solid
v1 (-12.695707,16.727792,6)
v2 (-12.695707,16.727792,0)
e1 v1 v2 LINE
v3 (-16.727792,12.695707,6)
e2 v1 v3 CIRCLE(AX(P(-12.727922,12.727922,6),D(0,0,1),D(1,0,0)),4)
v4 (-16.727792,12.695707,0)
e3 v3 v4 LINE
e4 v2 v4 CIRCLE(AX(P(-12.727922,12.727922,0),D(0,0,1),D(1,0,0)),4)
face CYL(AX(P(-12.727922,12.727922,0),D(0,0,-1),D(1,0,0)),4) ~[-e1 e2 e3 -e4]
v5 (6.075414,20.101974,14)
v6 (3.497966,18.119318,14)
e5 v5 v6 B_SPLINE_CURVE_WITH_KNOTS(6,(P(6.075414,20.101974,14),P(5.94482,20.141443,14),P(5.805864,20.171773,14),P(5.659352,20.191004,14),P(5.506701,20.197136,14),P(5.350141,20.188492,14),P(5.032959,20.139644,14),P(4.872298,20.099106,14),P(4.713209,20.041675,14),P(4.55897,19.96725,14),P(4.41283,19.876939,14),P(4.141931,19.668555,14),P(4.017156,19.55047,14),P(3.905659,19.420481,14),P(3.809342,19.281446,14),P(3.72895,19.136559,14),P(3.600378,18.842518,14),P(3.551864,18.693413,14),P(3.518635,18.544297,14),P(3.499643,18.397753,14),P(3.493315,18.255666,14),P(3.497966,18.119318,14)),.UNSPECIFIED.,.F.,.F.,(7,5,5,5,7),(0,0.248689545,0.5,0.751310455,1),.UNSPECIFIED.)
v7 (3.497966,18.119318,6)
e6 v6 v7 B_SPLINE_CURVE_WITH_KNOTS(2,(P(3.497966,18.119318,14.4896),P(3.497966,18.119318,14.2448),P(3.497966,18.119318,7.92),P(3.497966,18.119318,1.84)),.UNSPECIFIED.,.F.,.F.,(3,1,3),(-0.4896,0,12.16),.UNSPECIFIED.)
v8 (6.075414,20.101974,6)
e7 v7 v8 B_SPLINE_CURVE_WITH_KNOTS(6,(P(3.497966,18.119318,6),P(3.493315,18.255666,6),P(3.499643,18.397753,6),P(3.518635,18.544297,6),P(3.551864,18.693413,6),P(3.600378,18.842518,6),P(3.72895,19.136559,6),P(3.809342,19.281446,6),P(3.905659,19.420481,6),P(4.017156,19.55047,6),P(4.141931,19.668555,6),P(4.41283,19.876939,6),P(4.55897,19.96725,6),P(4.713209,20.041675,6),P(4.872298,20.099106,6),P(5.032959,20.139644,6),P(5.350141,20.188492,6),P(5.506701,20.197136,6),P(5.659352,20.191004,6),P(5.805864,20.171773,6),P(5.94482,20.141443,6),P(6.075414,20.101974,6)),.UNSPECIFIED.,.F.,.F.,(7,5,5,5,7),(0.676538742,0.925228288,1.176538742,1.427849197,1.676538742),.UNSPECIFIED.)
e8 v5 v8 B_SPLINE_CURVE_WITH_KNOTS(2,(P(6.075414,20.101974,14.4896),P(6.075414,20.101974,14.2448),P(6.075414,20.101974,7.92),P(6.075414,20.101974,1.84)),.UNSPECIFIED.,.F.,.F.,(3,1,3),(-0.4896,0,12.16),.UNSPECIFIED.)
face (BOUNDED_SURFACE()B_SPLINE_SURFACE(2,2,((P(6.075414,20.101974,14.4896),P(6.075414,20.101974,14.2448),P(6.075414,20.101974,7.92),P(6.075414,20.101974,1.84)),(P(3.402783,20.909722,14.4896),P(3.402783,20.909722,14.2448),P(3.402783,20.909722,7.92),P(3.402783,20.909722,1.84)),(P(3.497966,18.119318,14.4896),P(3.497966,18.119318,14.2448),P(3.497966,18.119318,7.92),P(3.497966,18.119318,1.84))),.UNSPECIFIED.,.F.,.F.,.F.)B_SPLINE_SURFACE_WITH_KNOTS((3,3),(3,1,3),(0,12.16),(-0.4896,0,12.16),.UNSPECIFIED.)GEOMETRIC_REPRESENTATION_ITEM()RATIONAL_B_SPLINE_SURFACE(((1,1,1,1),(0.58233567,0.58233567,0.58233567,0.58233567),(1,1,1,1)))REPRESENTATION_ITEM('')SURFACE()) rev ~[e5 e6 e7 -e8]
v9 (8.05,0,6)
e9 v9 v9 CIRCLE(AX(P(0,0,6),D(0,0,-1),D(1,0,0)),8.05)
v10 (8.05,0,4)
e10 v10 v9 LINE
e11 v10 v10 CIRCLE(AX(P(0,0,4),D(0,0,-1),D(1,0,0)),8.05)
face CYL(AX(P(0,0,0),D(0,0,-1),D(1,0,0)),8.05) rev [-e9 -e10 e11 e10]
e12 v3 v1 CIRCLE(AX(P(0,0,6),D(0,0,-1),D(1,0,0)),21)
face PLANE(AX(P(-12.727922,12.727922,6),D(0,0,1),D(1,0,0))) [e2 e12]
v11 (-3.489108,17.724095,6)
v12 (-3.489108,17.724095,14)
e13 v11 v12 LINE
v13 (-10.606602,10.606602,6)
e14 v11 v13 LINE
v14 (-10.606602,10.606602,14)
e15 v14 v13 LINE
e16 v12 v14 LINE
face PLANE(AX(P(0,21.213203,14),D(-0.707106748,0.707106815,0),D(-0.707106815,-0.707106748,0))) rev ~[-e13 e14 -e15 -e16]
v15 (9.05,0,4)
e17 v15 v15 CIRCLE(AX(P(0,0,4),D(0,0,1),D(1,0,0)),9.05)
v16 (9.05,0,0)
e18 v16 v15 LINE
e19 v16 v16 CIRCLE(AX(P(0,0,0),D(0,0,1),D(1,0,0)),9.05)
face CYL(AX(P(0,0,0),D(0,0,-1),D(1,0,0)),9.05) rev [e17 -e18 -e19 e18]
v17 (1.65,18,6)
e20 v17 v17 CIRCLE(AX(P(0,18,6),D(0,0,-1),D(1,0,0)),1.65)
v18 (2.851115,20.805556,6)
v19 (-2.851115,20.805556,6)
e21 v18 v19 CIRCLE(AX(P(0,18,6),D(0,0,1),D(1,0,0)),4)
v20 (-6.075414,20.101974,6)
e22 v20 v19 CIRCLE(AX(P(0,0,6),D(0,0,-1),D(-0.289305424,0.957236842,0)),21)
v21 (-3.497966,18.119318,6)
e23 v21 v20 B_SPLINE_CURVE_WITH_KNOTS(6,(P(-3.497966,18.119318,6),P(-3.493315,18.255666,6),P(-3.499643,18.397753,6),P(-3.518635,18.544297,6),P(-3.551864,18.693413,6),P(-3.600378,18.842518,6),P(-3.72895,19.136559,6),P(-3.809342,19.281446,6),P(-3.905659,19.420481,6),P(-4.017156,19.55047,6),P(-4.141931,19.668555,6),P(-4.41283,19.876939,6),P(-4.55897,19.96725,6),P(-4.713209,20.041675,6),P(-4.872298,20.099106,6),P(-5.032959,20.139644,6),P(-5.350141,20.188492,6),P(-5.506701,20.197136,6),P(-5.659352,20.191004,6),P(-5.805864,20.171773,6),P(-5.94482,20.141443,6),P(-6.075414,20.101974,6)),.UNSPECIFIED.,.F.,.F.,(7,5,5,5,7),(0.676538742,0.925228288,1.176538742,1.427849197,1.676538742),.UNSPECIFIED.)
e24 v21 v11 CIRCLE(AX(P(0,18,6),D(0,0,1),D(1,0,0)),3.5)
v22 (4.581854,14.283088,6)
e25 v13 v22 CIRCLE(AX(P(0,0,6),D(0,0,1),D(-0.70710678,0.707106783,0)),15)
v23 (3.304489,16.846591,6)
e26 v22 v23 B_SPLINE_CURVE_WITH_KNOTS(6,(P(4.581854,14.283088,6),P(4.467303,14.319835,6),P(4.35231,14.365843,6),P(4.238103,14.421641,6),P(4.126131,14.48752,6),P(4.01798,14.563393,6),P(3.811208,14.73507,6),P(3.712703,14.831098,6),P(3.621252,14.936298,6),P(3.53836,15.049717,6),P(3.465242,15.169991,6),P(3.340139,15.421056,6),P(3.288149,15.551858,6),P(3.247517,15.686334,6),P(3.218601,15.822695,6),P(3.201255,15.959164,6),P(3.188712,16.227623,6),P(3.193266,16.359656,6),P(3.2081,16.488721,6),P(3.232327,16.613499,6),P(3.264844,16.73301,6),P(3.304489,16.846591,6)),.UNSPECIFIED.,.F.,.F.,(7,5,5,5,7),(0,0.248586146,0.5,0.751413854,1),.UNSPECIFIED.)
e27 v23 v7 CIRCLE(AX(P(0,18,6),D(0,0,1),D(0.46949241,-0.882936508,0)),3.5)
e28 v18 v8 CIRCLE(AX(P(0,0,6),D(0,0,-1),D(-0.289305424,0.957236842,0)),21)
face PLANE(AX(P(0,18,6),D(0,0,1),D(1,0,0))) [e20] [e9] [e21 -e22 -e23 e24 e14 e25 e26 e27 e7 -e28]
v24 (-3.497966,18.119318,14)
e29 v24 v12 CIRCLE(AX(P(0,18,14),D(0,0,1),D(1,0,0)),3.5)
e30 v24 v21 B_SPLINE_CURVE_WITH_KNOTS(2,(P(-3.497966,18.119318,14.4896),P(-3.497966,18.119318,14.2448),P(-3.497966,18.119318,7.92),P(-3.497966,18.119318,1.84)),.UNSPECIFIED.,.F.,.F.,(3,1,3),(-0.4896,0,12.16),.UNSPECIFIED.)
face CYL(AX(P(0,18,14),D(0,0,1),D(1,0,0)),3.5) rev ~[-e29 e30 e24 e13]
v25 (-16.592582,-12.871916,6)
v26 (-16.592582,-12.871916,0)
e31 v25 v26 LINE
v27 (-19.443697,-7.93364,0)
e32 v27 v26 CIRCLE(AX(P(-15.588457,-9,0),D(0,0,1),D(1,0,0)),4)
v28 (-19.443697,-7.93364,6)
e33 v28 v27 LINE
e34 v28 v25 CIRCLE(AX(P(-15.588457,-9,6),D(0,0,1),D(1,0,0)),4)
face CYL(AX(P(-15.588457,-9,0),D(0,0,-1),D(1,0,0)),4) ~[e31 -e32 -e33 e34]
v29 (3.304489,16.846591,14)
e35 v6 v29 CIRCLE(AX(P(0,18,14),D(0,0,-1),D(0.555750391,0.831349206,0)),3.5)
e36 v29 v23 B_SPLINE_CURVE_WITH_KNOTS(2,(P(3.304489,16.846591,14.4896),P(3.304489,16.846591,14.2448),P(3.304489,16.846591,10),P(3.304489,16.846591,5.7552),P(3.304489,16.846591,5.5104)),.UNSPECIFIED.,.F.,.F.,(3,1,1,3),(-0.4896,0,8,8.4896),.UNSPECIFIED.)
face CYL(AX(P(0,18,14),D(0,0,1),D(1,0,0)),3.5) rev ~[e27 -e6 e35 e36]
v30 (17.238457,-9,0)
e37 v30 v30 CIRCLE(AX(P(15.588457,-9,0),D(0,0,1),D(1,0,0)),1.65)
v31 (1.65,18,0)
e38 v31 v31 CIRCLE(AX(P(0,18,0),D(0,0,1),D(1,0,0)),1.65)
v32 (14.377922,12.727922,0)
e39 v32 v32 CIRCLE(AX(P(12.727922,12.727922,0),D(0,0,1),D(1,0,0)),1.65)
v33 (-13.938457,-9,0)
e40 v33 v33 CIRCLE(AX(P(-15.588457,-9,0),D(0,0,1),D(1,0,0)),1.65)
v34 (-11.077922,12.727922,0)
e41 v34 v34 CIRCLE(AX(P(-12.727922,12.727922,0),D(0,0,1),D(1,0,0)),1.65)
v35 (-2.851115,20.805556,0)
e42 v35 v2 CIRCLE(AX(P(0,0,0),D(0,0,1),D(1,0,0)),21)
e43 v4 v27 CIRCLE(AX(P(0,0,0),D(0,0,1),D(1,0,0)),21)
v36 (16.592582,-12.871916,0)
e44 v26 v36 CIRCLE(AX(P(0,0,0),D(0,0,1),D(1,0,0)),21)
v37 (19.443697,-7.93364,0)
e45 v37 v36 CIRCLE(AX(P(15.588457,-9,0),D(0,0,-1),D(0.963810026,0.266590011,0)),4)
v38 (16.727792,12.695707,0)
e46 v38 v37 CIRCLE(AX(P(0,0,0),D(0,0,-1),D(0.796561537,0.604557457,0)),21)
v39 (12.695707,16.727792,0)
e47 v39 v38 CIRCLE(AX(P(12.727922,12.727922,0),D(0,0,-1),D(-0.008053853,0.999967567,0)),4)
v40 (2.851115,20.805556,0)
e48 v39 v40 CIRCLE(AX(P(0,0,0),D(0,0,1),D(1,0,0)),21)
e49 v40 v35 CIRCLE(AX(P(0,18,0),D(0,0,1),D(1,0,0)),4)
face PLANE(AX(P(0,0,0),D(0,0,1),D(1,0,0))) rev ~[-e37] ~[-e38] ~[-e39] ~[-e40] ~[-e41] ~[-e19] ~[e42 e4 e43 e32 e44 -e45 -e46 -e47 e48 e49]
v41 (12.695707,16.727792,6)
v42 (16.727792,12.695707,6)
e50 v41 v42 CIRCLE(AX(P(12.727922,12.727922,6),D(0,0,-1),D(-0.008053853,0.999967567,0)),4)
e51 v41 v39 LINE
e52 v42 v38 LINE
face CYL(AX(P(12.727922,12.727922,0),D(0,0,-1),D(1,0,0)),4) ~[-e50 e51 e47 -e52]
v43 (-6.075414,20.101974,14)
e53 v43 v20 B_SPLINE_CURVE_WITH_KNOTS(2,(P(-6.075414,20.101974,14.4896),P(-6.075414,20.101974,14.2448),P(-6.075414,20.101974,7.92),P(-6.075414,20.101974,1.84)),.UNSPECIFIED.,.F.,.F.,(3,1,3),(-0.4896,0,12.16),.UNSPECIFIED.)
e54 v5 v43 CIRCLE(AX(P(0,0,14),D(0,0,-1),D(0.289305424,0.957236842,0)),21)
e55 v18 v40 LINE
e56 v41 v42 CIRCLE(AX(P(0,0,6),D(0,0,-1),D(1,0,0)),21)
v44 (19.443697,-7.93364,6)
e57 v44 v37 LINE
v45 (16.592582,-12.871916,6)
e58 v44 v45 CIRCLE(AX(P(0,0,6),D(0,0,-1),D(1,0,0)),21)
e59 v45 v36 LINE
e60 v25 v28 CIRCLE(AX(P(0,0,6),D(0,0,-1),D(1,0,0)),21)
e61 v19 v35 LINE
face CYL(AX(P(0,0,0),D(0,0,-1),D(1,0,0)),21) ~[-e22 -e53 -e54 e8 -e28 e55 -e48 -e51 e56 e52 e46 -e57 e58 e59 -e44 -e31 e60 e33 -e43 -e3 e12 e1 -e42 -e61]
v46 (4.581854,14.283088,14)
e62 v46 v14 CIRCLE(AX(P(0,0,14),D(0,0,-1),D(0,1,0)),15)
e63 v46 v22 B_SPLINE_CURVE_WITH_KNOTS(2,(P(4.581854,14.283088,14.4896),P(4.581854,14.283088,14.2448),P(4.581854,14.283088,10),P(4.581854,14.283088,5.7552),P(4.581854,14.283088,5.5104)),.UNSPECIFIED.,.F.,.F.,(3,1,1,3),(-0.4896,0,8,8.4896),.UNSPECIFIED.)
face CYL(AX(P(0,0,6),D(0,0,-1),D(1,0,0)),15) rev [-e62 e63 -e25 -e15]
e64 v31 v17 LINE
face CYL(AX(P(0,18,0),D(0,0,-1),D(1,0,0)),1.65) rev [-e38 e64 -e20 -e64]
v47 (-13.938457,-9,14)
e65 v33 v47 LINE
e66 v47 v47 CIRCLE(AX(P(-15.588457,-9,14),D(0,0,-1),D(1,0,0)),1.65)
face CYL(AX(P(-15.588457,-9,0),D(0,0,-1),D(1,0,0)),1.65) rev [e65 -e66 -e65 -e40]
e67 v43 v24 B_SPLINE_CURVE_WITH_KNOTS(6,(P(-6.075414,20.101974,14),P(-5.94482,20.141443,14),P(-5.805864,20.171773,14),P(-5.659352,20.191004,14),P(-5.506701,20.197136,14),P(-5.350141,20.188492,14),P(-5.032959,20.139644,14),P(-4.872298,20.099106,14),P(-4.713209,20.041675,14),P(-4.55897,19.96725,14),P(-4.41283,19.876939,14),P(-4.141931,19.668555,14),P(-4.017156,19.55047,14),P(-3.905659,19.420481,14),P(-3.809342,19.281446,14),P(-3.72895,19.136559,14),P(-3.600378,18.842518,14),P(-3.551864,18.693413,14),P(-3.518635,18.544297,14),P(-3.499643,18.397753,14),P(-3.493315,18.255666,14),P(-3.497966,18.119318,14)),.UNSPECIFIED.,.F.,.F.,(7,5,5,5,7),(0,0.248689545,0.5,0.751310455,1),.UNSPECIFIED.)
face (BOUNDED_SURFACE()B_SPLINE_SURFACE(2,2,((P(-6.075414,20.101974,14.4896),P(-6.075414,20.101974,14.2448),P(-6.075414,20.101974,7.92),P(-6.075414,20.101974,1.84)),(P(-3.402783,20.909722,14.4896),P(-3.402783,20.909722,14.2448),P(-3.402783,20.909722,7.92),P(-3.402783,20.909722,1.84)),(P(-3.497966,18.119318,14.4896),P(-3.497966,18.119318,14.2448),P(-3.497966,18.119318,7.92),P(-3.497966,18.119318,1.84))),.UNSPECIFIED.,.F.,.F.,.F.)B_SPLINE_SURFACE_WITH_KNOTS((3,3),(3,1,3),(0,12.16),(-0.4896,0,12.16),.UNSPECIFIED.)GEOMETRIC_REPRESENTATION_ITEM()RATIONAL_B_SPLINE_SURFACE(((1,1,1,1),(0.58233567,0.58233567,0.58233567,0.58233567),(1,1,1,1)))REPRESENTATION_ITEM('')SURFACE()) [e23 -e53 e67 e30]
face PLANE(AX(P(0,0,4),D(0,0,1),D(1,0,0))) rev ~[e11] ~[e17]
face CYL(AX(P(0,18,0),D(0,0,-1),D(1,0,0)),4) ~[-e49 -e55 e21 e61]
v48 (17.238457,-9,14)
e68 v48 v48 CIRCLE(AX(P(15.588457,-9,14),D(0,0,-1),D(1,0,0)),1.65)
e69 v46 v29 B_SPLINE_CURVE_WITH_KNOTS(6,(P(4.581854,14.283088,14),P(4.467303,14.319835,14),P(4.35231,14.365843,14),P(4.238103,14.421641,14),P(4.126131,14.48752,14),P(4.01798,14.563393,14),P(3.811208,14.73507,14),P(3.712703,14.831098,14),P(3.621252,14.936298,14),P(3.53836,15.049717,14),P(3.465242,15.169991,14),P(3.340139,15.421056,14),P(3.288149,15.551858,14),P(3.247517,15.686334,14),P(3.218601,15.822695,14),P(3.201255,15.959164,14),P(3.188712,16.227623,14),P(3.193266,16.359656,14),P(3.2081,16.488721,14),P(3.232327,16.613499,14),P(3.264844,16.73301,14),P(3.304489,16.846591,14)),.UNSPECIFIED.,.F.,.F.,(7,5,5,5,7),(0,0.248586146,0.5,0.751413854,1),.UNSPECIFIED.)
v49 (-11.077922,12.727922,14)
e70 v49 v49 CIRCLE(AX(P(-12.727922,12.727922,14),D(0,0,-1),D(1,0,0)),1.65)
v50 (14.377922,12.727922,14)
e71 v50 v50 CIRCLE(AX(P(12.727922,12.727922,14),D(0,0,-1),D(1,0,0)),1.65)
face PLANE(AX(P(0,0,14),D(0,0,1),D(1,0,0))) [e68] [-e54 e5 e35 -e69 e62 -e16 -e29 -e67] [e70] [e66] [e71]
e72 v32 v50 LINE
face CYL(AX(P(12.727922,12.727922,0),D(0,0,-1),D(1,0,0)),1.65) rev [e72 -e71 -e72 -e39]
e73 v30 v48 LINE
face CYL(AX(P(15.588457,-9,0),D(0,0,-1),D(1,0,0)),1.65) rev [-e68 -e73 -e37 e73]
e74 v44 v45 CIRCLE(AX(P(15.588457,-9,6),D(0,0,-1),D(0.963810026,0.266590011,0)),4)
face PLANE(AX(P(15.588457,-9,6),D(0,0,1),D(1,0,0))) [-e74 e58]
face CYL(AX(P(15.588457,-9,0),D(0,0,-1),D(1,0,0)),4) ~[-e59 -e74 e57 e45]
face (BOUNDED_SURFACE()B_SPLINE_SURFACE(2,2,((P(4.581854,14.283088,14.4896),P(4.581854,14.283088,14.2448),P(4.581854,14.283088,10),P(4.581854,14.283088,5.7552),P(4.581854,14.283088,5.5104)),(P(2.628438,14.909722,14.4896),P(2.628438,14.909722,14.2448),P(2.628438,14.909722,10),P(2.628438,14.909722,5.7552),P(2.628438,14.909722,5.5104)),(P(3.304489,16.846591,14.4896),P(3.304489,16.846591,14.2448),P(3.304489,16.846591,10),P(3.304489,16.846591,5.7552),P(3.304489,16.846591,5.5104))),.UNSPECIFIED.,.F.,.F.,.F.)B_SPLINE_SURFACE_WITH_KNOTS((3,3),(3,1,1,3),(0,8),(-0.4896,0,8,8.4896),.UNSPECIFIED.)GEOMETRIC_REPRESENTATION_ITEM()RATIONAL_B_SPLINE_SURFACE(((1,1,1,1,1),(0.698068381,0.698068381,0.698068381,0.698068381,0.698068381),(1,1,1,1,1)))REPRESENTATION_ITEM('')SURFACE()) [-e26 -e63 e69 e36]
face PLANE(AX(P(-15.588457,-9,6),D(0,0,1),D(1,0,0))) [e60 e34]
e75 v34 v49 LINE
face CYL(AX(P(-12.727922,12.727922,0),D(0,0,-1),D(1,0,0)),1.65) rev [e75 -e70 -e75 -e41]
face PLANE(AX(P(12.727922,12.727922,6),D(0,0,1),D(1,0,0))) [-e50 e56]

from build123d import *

# Parameters (mm, degrees)
SKETCH_R        = 21
PAD_DEPTH       = 14
SKETCH001_R     = 9.05
POCKET_DEPTH    = 4
SKETCH002_R     = 8.05
POCKET001_DEPTH = 14.001
SKETCH003_R     = 15
POCKET002_DEPTH = 8.001
POCKET003_DEPTH = 8
SKETCH005_R     = 3.5
POCKET004_DEPTH = 8
FILLET_R        = 2
SKETCH006_R     = 4
PAD001_DEPTH    = 6
SKETCH007_R     = 1.65
POCKET005_DEPTH = 14.001


with BuildPart() as part:
    # Sketch → Pad (new body)
    with BuildSketch(Plane.XY):
        Circle(SKETCH_R)
    extrude(amount=PAD_DEPTH)

    # Sketch001 (on DatumPlane) → Pocket (cut)
    with BuildSketch(Plane.XY):
        Circle(SKETCH001_R)
    extrude(amount=POCKET_DEPTH, mode=Mode.SUBTRACT)

    # Sketch002 (on DatumPlane) → Pocket001 (cut, through all)
    with BuildSketch(Plane.XY):
        Circle(SKETCH002_R)
    extrude(amount=POCKET001_DEPTH, mode=Mode.SUBTRACT)

    # Sketch003 (on DatumPlane) → Pocket002 (cut, through all)
    with BuildSketch(Plane.XY.offset(6)):
        Circle(SKETCH003_R)
    extrude(amount=POCKET002_DEPTH, mode=Mode.SUBTRACT)

    # Sketch004 (on DatumPlane) → Pocket003 (cut)
    with BuildSketch(Plane.XY.offset(14)):
        Polygon((-10.606602, 10.606602), (0, 10.606602), (0, 21.213203), align=None)
    extrude(amount=-POCKET003_DEPTH, mode=Mode.SUBTRACT)

    # Sketch005 (on DatumPlane) → Pocket004 (cut)
    with BuildSketch(Plane.XY.offset(14)):
        with Locations((0, 18)):
            Circle(SKETCH005_R)
    extrude(amount=-POCKET004_DEPTH, mode=Mode.SUBTRACT)

    # Fillet
    fillet_edges = [part.edges().sort_by_distance(p)[0] for p in [
        (-1.945126, 20.909722, 10),
        (1.945126, 20.909722, 10),
        (1.643223, 14.909722, 10),
    ]]
    fillet(fillet_edges, radius=FILLET_R)

    # Sketch006 (on DatumPlane) → Pad001 (join)
    with BuildSketch(Plane.XY):
        with Locations((0, 18)):
            Circle(SKETCH006_R)
        with Locations((-12.727922, 12.727922)):
            Circle(SKETCH006_R)
        with Locations((12.727922, 12.727922)):
            Circle(SKETCH006_R)
        with Locations((-15.588457, -9)):
            Circle(SKETCH006_R)
        with Locations((15.588457, -9)):
            Circle(SKETCH006_R)
    extrude(amount=PAD001_DEPTH)

    # Sketch007 (on DatumPlane) → Pocket005 (cut, through all)
    with BuildSketch(Plane.XY):
        with Locations((-12.727922, 12.727922)):
            Circle(SKETCH007_R)
        with Locations((12.727922, 12.727922)):
            Circle(SKETCH007_R)
        with Locations((0, 18)):
            Circle(SKETCH007_R)
        with Locations((-15.588457, -9)):
            Circle(SKETCH007_R)
        with Locations((15.588457, -9)):
            Circle(SKETCH007_R)
    extrude(amount=POCKET005_DEPTH, mode=Mode.SUBTRACT)


solid = part.part
